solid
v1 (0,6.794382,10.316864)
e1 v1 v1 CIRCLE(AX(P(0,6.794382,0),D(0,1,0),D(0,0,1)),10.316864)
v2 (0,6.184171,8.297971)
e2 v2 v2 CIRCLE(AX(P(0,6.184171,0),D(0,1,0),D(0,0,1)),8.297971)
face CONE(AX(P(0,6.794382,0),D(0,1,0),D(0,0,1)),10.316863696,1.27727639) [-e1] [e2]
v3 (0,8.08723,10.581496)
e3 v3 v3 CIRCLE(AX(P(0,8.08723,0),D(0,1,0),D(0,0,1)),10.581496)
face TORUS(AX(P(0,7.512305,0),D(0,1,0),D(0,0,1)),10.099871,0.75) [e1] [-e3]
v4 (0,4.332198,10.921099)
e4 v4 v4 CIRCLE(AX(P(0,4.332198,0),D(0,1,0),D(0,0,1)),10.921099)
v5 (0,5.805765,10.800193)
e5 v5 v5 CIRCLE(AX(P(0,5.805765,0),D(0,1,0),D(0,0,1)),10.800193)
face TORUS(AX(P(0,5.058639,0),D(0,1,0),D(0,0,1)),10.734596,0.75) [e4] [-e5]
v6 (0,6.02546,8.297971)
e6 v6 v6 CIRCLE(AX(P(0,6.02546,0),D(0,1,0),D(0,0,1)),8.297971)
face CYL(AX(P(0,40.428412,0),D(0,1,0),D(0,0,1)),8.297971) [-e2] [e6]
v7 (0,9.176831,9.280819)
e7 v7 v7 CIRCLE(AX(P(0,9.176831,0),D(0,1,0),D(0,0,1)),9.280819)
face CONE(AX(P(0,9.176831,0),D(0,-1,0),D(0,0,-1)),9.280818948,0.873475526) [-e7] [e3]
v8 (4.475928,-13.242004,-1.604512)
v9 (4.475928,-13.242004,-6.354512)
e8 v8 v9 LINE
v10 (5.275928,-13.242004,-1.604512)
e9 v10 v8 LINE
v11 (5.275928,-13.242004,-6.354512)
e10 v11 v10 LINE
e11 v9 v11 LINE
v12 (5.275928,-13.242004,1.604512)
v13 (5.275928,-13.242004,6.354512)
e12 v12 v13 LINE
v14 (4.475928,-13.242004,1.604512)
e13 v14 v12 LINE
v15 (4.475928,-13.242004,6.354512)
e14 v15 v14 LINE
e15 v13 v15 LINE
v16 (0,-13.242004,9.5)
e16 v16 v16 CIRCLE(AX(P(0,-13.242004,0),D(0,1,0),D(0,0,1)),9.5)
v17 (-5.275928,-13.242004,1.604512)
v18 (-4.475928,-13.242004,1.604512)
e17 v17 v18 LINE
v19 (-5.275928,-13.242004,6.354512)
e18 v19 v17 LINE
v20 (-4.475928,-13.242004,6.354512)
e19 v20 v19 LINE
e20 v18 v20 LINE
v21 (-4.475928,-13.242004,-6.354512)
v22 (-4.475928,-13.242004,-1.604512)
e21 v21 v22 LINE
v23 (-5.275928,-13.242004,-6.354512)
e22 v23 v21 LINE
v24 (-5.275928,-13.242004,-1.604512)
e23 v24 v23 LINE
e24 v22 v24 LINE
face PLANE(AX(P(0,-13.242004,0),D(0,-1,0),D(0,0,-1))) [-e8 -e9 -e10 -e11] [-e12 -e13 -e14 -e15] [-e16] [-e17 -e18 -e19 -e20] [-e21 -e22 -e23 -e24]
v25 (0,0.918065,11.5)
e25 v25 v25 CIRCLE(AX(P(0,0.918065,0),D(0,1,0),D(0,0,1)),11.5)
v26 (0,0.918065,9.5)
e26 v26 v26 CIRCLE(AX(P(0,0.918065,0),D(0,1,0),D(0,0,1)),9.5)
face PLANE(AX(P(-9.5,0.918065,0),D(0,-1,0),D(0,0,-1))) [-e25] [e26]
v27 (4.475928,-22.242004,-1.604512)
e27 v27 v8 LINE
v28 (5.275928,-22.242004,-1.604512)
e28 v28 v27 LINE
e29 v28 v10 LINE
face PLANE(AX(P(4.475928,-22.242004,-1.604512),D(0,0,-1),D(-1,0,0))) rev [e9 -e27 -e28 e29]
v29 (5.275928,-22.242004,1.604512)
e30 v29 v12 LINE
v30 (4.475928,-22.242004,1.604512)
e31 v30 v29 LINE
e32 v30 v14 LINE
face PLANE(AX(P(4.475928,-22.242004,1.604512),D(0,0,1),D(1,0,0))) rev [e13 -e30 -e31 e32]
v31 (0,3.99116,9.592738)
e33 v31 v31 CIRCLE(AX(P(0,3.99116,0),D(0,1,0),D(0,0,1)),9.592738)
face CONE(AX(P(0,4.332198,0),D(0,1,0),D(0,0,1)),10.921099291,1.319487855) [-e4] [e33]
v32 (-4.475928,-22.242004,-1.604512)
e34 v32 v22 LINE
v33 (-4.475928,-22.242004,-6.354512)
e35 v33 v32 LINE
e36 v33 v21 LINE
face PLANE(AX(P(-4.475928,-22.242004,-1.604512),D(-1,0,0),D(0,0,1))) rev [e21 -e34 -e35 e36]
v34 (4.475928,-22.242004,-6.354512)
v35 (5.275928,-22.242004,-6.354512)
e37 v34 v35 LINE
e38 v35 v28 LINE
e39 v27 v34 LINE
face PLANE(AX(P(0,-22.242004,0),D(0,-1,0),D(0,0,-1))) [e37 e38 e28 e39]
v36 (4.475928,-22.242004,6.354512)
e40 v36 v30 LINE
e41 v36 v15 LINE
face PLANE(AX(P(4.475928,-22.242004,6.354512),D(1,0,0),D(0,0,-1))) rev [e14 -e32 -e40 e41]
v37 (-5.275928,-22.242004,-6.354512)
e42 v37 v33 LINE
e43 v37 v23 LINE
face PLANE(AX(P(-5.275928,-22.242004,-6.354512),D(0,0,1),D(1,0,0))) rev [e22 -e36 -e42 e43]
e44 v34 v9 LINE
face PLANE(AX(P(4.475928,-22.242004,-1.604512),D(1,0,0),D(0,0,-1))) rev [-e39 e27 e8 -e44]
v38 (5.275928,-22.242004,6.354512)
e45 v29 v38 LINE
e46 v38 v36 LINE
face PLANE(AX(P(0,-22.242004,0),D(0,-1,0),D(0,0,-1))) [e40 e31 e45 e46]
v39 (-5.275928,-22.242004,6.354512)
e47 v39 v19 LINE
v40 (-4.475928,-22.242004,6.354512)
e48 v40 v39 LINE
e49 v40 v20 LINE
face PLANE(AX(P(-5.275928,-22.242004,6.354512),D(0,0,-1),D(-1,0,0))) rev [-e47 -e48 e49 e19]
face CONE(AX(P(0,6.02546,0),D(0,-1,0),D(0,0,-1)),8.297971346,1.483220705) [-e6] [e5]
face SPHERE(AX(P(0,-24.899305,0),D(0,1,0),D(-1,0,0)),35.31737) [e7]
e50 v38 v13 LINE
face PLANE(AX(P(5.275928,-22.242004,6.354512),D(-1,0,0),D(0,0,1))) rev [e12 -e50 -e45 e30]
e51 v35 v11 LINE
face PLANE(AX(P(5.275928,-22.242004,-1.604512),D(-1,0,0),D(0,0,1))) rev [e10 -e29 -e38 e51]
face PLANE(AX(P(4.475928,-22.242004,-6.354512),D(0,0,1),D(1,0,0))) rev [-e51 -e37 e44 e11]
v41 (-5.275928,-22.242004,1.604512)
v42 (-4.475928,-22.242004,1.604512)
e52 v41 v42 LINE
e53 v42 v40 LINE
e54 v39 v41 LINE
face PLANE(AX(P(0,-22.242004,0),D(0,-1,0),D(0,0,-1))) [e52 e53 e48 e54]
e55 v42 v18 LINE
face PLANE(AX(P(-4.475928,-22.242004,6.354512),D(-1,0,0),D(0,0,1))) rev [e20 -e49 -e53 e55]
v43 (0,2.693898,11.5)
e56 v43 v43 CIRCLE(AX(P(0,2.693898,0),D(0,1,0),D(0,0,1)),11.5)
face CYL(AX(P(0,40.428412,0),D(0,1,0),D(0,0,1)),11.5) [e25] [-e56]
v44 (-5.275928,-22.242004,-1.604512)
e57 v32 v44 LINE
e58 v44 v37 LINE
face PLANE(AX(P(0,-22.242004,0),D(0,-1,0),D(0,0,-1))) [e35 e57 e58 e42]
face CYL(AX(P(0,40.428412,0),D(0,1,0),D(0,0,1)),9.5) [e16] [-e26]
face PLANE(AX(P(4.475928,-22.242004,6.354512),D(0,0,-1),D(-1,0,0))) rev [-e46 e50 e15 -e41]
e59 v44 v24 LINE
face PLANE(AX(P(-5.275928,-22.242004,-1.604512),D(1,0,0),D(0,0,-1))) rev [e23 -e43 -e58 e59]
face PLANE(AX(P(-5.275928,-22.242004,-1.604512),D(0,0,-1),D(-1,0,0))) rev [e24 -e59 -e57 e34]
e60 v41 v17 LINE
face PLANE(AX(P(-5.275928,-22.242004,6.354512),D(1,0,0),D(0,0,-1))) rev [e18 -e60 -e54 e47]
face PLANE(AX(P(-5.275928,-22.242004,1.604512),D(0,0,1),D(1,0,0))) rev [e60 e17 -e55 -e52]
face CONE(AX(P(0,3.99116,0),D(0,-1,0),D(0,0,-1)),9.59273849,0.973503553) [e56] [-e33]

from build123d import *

# Parameters (mm, degrees)
SKETCH3_W           = 0.8
SKETCH3_H           = 4.75
BOSS_EXTRUDE1_DEPTH = 9


with BuildPart() as part:
    # Sketch1 → Revolve2 (revolve)
    with BuildSketch(Plane.XY, mode=Mode.PRIVATE) as revolve2_sk:
        with BuildLine():
            Line((0, -13.24200419), (-9.5, -13.24200419))
            Line((-9.5, -13.24200419), (-9.5, 0.9180652))
            Line((-9.5, 0.9180652), (-11.5, 0.9180652))
            Line((-11.5, 0.9180652), (-11.5, 2.69389815))
            Line((-11.5, 2.69389815), (-9.59273849, 3.99115987))
            Line((-9.59273849, 3.99115987), (-10.921099291, 4.332198136))
            ThreePointArc((-10.921099291, 4.332198136), (-11.482083746, 5.119970296), (-10.800193426, 5.805764819))
            Line((-10.800193426, 5.805764819), (-8.297971346, 6.025460413))
            Line((-8.297971346, 6.025460413), (-8.297971346, 6.184171242))
            Line((-8.297971346, 6.184171242), (-10.316863696, 6.794381901))
            ThreePointArc((-10.316863696, 6.794381901), (-10.83463658, 7.361906816), (-10.581495802, 8.087229527))
            Line((-10.581495802, 8.087229527), (-9.280818948, 9.176830883))
            Line((-9.280818948, 9.176830883), (0, 9.176830883))
            Line((0, 9.176830883), (0, -13.24200419))
        make_face()
    revolve(revolve2_sk.sketch.rotate(Axis((0, 40.42841221, 0), (0, -1, 0)), 270), axis=Axis((0, 40.42841221, 0), (0, -1, 0)))

    # Sketch2 → Revolve3 (revolve)
    with BuildSketch(Plane.XY, mode=Mode.PRIVATE) as revolve3_sk:
        with BuildLine():
            Line((0, 9.176830883), (-9.280818948, 9.176830883))
            ThreePointArc((-9.280818948, 9.176830883), (-4.681726791, 10.106381279), (0, 10.4180652))
            Line((0, 10.4180652), (0, 9.176830883))
        make_face()
    revolve(revolve3_sk.sketch.rotate(Axis((0, 15.762950143, 0), (0, -1, 0)), 270), axis=Axis((0, 15.762950143, 0), (0, -1, 0)))

    # Sketch3 → Boss-Extrude1 (add)
    with BuildSketch(Plane.XZ.offset(13.24200419)):
        with Locations((-4.875927863, 3.979511683)):
            Rectangle(SKETCH3_W, SKETCH3_H)
        with Locations((4.875927863, 3.979511683)):
            Rectangle(SKETCH3_W, SKETCH3_H)
        with Locations((4.875927863, -3.979511683)):
            Rectangle(SKETCH3_W, SKETCH3_H)
        with Locations((-4.875927863, -3.979511683)):
            Rectangle(SKETCH3_W, SKETCH3_H)
    extrude(amount=BOSS_EXTRUDE1_DEPTH)


solid = part.part
